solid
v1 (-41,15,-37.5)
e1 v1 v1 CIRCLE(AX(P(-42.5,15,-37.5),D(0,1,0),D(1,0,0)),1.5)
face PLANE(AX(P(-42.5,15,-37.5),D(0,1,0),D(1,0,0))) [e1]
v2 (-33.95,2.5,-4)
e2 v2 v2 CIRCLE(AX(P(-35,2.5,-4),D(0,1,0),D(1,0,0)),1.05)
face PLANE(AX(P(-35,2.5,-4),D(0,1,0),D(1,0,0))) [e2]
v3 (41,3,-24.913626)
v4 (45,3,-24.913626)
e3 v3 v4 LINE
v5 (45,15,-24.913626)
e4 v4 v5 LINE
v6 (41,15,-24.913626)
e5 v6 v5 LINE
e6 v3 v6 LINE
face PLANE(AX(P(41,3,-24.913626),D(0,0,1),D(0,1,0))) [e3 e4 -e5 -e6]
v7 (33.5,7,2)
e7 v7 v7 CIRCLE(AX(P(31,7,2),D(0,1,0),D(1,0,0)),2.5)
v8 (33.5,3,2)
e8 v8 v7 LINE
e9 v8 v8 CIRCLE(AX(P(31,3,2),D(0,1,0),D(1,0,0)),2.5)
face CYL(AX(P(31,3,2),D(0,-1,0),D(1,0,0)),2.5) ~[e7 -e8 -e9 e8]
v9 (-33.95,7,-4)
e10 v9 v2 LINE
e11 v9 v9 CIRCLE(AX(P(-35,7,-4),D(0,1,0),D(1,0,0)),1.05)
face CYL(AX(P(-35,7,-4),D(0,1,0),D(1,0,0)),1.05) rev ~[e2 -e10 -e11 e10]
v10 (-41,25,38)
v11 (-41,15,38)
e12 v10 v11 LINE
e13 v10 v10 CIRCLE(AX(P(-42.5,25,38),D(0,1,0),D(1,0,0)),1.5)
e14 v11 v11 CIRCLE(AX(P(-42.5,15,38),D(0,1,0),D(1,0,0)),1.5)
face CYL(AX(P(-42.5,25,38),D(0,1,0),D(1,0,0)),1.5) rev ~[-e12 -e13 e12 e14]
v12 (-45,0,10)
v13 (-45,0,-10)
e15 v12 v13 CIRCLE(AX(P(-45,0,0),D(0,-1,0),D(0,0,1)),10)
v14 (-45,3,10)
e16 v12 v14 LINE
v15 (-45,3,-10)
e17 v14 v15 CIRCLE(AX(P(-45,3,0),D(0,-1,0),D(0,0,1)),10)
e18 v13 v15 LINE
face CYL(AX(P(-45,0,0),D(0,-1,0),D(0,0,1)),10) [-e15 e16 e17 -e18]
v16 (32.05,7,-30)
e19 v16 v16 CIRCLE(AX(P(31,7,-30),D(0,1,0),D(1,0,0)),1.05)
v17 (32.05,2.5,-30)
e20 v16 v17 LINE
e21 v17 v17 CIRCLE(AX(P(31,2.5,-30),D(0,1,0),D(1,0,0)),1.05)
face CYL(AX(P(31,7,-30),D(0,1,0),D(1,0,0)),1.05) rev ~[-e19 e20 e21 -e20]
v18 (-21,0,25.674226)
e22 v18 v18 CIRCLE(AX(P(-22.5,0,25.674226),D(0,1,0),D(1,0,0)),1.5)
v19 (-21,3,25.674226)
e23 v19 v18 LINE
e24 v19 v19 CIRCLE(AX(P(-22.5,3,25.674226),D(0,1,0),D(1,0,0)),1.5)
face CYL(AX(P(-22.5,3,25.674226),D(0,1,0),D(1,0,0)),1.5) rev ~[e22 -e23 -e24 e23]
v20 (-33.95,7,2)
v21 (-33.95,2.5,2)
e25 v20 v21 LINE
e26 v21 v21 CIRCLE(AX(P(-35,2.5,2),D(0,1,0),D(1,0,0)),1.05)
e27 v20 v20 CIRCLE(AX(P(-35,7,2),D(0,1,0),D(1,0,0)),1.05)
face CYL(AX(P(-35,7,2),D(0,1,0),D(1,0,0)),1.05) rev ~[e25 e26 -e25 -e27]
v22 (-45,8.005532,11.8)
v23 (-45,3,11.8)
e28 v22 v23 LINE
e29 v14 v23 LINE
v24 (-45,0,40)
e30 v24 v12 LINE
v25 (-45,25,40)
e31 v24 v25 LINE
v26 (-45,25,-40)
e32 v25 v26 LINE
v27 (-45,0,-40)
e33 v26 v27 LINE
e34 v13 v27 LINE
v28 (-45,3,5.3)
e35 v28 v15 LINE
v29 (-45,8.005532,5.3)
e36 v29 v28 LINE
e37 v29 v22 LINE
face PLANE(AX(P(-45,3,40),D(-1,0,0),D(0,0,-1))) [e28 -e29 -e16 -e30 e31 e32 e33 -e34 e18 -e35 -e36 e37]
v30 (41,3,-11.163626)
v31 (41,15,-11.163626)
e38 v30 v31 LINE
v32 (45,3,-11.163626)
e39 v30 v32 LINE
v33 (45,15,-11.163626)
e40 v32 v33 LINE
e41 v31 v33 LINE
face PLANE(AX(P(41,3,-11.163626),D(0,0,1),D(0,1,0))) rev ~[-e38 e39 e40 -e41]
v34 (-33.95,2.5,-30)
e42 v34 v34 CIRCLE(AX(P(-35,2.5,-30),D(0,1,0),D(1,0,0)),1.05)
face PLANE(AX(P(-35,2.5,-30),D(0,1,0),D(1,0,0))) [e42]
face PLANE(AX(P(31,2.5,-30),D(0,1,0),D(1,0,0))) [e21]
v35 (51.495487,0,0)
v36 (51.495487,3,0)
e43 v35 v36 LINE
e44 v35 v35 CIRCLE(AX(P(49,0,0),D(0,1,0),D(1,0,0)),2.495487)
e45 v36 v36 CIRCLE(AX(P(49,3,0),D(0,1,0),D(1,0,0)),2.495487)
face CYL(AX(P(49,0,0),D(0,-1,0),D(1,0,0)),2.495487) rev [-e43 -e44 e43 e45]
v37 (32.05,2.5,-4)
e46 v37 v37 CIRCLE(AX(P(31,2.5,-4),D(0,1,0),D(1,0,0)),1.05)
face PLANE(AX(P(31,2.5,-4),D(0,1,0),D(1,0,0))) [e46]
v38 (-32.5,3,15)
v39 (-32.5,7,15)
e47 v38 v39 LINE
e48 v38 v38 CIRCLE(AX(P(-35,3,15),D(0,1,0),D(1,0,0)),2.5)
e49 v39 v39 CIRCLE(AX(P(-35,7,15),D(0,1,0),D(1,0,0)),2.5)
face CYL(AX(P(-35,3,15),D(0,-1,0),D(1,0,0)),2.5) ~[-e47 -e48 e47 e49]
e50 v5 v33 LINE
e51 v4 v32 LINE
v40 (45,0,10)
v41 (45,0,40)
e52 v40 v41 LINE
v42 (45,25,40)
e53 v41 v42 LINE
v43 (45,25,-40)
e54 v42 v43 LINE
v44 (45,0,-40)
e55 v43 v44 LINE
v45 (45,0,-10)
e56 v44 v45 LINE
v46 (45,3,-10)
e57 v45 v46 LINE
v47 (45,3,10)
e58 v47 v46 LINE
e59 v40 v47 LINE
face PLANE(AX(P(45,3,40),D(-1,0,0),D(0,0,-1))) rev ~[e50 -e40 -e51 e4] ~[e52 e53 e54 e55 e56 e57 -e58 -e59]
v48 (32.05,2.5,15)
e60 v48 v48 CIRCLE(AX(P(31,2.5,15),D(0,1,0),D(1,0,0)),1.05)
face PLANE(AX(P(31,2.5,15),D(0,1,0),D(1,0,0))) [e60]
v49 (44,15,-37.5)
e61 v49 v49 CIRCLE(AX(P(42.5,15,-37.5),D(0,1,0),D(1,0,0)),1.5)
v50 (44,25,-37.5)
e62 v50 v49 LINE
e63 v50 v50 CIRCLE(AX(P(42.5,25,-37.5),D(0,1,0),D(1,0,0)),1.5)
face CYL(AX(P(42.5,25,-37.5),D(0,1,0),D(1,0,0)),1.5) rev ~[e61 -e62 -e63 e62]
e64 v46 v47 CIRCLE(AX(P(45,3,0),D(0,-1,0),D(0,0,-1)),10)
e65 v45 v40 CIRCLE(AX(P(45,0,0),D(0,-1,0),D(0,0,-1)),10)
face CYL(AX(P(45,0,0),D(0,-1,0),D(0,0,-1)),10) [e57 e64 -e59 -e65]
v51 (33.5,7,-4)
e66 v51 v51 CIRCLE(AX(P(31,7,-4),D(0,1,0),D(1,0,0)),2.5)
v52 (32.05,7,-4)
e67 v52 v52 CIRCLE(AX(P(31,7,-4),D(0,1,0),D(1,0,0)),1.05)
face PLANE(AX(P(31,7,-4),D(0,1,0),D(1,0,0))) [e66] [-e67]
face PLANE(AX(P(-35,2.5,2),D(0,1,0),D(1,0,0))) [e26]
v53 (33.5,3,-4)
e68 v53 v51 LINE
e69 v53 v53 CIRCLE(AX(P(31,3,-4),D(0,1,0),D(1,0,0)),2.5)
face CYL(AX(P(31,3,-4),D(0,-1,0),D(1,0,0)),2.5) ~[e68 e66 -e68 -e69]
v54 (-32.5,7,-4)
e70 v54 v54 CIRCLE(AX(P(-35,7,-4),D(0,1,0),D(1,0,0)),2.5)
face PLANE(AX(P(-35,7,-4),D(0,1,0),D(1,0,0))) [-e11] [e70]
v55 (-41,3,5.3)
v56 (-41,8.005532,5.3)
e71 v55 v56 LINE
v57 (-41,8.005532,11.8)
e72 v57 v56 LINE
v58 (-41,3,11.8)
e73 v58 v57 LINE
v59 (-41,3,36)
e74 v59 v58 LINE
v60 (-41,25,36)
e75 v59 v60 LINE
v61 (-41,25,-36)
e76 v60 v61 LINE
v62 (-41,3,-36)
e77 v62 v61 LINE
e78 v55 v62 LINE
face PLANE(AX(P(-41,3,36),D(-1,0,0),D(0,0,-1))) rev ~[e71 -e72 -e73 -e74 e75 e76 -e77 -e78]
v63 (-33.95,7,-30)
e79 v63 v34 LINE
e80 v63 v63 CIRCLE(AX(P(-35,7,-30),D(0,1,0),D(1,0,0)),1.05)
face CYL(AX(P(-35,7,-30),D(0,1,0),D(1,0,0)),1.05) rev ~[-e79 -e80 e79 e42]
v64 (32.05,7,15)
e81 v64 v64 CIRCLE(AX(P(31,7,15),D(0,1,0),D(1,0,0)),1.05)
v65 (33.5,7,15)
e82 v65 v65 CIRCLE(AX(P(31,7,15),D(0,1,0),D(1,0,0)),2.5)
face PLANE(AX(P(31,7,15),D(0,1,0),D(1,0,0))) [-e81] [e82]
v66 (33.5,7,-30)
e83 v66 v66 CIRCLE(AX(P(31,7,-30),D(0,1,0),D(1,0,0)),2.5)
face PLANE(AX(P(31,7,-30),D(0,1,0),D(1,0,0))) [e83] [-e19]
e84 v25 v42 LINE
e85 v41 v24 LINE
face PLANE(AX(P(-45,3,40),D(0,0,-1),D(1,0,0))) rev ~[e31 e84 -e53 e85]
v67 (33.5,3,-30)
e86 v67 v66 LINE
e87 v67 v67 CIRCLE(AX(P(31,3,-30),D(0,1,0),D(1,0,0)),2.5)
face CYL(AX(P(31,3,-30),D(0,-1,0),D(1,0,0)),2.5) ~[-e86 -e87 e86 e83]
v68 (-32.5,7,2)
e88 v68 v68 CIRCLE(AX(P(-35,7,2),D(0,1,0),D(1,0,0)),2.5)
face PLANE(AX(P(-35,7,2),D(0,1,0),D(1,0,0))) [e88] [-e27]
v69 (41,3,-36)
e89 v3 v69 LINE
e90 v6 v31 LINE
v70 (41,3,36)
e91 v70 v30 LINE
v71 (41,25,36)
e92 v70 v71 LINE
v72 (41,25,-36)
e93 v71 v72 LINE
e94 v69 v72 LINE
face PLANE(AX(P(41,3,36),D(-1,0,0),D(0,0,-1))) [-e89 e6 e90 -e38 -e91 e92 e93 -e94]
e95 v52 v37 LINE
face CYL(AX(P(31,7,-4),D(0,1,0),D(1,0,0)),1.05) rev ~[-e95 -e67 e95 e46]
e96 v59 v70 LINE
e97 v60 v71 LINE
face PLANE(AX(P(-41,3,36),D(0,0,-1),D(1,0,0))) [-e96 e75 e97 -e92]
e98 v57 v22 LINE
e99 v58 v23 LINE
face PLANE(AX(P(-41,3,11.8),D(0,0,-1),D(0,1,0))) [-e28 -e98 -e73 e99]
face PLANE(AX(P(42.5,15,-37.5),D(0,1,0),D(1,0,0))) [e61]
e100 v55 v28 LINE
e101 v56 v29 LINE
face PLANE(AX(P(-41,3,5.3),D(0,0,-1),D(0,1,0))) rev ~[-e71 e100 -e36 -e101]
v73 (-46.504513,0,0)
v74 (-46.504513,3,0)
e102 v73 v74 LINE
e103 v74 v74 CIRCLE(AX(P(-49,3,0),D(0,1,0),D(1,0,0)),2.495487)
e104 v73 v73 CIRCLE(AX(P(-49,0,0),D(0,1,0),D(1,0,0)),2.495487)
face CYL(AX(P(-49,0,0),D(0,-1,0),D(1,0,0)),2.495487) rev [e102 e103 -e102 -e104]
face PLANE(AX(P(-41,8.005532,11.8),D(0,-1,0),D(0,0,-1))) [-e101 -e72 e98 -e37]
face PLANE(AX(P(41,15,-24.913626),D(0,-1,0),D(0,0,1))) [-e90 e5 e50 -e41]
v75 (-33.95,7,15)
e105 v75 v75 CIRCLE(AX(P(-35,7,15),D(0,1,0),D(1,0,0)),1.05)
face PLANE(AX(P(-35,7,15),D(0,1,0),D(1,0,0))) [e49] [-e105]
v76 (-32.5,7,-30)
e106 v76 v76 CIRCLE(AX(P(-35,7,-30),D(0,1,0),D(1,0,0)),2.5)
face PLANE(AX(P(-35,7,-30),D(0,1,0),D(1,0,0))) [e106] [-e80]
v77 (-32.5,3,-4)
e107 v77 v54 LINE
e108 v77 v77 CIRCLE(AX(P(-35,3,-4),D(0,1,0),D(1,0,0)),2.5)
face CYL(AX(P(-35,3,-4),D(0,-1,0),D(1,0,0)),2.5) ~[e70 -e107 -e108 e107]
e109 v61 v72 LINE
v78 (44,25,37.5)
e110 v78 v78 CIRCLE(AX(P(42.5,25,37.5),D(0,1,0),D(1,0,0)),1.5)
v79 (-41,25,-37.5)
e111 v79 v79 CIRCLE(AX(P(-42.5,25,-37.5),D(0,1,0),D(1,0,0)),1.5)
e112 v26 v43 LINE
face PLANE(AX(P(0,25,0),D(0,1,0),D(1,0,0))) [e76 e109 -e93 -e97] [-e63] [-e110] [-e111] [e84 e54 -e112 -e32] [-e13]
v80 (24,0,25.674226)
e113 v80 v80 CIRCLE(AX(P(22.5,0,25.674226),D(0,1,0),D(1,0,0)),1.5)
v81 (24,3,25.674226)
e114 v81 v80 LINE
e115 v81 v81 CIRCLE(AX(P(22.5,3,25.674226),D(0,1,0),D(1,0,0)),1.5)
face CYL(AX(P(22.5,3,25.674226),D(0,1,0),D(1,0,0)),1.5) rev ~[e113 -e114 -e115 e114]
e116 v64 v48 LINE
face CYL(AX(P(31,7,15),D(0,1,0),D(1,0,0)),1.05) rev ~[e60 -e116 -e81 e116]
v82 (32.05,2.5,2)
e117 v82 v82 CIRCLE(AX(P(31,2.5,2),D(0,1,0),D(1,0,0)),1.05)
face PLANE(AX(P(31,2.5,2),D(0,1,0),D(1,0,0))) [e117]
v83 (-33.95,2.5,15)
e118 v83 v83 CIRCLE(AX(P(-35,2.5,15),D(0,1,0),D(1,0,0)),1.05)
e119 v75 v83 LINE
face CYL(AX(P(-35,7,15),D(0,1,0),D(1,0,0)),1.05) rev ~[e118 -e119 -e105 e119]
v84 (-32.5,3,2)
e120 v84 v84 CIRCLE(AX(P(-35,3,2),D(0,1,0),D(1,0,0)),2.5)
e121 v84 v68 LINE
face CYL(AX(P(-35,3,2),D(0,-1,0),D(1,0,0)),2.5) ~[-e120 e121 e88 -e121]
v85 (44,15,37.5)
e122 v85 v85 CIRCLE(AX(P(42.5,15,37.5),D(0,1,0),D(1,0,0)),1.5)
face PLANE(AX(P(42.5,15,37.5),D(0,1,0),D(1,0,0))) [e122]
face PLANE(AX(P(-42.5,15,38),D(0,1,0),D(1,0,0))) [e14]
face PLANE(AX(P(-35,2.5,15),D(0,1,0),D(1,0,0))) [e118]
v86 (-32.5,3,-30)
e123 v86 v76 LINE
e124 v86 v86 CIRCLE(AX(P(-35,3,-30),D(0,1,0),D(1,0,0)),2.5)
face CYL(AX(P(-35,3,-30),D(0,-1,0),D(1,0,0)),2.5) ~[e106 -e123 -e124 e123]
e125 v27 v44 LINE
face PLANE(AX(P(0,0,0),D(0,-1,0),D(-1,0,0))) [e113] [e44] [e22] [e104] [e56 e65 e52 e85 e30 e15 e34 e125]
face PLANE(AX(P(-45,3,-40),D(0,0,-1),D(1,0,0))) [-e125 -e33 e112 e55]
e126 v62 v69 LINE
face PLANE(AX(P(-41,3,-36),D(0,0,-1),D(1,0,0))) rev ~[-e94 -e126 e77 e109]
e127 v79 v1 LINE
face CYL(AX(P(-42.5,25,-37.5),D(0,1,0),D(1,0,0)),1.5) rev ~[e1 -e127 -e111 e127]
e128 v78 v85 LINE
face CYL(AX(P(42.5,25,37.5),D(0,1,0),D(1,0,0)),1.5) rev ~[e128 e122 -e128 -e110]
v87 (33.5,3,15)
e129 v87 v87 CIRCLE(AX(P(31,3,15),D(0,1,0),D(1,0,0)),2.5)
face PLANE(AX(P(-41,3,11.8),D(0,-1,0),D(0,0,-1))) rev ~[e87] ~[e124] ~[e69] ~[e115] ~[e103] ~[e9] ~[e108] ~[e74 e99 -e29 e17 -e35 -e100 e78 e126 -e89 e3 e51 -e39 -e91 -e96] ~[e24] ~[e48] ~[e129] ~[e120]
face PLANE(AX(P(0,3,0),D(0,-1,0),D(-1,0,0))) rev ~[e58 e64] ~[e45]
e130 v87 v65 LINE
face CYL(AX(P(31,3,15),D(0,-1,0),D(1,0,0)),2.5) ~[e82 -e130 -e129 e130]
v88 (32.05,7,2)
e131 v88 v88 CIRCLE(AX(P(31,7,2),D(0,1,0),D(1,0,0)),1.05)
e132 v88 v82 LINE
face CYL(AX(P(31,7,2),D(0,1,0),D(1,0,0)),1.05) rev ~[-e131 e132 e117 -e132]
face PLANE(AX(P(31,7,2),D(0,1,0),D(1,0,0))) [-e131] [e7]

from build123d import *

# Parameters (mm, degrees)
SKETCH1_R           = 2.495486553
BOSS_EXTRUDE1_DEPTH = 3
SKETCH2_R           = 2.5
BOSS_EXTRUDE2_DEPTH = 4
SKETCH3_R           = 1.5
CUT_EXTRUDE1_DEPTH  = 3
SKETCH4_R           = 1.05
CUT_EXTRUDE2_DEPTH  = 4.5
SKETCH6_W           = 90
SKETCH6_H           = 80
SKETCH6_W_2         = 82
SKETCH6_H_2         = 72
BOSS_EXTRUDE3_DEPTH = 22
SKETCH7_W           = 13.75
SKETCH7_H           = 12
CUT_EXTRUDE3_DEPTH  = 20
SKETCH8_R           = 1.5
CUT_EXTRUDE4_DEPTH  = 10
SKETCH10_W          = 6.5
SKETCH10_H          = 5.005531991
CUT_EXTRUDE5_DEPTH  = 10


with BuildPart() as part:
    # Sketch1 → Boss-Extrude1 (new body)
    with BuildSketch(Plane(origin=(0, 0, 0), x_dir=(1, 0, 0), z_dir=(0, 1, 0))):
        with BuildLine():
            Line((-45, 40), (-10, 40))
            Line((-10, 40), (10, 40))
            Line((10, 40), (45, 40))
            Line((45, 40), (45, 10))
            ThreePointArc((45, 10), (55, 0), (45, -10))
            Line((45, -10), (45, -40))
            Line((45, -40), (10, -40))
            Line((10, -40), (-10, -40))
            Line((-10, -40), (-45, -40))
            Line((-45, -40), (-45, -10))
            ThreePointArc((-45, -10), (-55, 0), (-45, 10))
            Line((-45, 10), (-45, 40))
        make_face()
        with Locations((-49, 0)):
            Circle(SKETCH1_R, mode=Mode.SUBTRACT)
        with Locations((49, 0)):
            Circle(SKETCH1_R, mode=Mode.SUBTRACT)
    extrude(amount=BOSS_EXTRUDE1_DEPTH)

    # Sketch2 → Boss-Extrude2 (add)
    with BuildSketch(Plane(origin=(0, 3, 0), x_dir=(1, 0, 0), z_dir=(0, 1, 0))):
        with Locations((-35, 30)):
            Circle(SKETCH2_R)
        with Locations((31, 30)):
            Circle(SKETCH2_R)
        with Locations((31, 4)):
            Circle(SKETCH2_R)
        with Locations((-35, 4)):
            Circle(SKETCH2_R)
        with Locations((-35, -2)):
            Circle(SKETCH2_R)
        with Locations((31, -2)):
            Circle(SKETCH2_R)
        with Locations((-35, -15)):
            Circle(SKETCH2_R)
        with Locations((31, -15)):
            Circle(SKETCH2_R)
    extrude(amount=BOSS_EXTRUDE2_DEPTH)

    # Sketch3 → Cut-Extrude1 (cut)
    with BuildSketch(Plane(origin=(0, 3, 0), x_dir=(1, 0, 0), z_dir=(0, 1, 0))):
        with Locations((-22.5, -25.674226477)):
            Circle(SKETCH3_R)
        with Locations((22.5, -25.674226477)):
            Circle(SKETCH3_R)
    extrude(amount=-CUT_EXTRUDE1_DEPTH, mode=Mode.SUBTRACT)

    # Sketch4 → Cut-Extrude2 (cut)
    with BuildSketch(Plane(origin=(0, 7, 0), x_dir=(1, 0, 0), z_dir=(0, 1, 0))):
        with Locations((-35, 30)):
            Circle(SKETCH4_R)
        with Locations((31, 30)):
            Circle(SKETCH4_R)
        with Locations((31, 4)):
            Circle(SKETCH4_R)
        with Locations((31, -2)):
            Circle(SKETCH4_R)
        with Locations((-35, 4)):
            Circle(SKETCH4_R)
        with Locations((-35, -2)):
            Circle(SKETCH4_R)
        with Locations((-35, -15)):
            Circle(SKETCH4_R)
        with Locations((31, -15)):
            Circle(SKETCH4_R)
    extrude(amount=-CUT_EXTRUDE2_DEPTH, mode=Mode.SUBTRACT)

    # Sketch6 → Boss-Extrude3 (add)
    with BuildSketch(Plane(origin=(0, 3, 0), x_dir=(1, 0, 0), z_dir=(0, 1, 0))):
        Rectangle(SKETCH6_W, SKETCH6_H)
        Rectangle(SKETCH6_W_2, SKETCH6_H_2, mode=Mode.SUBTRACT)
    extrude(amount=BOSS_EXTRUDE3_DEPTH)

    # Sketch7 → Cut-Extrude3 (cut)
    with BuildSketch(Plane.ZY.offset(-41)):
        with Locations((-18.038625802, 9)):
            Rectangle(SKETCH7_W, SKETCH7_H)
    extrude(amount=-CUT_EXTRUDE3_DEPTH, mode=Mode.SUBTRACT)

    # Sketch8 → Cut-Extrude4 (cut)
    with BuildSketch(Plane(origin=(0, 25, 0), x_dir=(1, 0, 0), z_dir=(0, 1, 0))):
        with Locations((-42.5, 37.5)):
            Circle(SKETCH8_R)
        with Locations((42.5, 37.5)):
            Circle(SKETCH8_R)
        with Locations((-42.5, -38)):
            Circle(SKETCH8_R)
        with Locations((42.5, -37.5)):
            Circle(SKETCH8_R)
    extrude(amount=-CUT_EXTRUDE4_DEPTH, mode=Mode.SUBTRACT)

    # Sketch10 → Cut-Extrude5 (cut)
    with BuildSketch(Plane(origin=(-41, 0, 0), x_dir=(0, 0, -1), z_dir=(1, 0, 0))):
        with Locations((-8.55, 5.502765995)):
            Rectangle(SKETCH10_W, SKETCH10_H)
    extrude(amount=-CUT_EXTRUDE5_DEPTH, mode=Mode.SUBTRACT)


solid = part.part
